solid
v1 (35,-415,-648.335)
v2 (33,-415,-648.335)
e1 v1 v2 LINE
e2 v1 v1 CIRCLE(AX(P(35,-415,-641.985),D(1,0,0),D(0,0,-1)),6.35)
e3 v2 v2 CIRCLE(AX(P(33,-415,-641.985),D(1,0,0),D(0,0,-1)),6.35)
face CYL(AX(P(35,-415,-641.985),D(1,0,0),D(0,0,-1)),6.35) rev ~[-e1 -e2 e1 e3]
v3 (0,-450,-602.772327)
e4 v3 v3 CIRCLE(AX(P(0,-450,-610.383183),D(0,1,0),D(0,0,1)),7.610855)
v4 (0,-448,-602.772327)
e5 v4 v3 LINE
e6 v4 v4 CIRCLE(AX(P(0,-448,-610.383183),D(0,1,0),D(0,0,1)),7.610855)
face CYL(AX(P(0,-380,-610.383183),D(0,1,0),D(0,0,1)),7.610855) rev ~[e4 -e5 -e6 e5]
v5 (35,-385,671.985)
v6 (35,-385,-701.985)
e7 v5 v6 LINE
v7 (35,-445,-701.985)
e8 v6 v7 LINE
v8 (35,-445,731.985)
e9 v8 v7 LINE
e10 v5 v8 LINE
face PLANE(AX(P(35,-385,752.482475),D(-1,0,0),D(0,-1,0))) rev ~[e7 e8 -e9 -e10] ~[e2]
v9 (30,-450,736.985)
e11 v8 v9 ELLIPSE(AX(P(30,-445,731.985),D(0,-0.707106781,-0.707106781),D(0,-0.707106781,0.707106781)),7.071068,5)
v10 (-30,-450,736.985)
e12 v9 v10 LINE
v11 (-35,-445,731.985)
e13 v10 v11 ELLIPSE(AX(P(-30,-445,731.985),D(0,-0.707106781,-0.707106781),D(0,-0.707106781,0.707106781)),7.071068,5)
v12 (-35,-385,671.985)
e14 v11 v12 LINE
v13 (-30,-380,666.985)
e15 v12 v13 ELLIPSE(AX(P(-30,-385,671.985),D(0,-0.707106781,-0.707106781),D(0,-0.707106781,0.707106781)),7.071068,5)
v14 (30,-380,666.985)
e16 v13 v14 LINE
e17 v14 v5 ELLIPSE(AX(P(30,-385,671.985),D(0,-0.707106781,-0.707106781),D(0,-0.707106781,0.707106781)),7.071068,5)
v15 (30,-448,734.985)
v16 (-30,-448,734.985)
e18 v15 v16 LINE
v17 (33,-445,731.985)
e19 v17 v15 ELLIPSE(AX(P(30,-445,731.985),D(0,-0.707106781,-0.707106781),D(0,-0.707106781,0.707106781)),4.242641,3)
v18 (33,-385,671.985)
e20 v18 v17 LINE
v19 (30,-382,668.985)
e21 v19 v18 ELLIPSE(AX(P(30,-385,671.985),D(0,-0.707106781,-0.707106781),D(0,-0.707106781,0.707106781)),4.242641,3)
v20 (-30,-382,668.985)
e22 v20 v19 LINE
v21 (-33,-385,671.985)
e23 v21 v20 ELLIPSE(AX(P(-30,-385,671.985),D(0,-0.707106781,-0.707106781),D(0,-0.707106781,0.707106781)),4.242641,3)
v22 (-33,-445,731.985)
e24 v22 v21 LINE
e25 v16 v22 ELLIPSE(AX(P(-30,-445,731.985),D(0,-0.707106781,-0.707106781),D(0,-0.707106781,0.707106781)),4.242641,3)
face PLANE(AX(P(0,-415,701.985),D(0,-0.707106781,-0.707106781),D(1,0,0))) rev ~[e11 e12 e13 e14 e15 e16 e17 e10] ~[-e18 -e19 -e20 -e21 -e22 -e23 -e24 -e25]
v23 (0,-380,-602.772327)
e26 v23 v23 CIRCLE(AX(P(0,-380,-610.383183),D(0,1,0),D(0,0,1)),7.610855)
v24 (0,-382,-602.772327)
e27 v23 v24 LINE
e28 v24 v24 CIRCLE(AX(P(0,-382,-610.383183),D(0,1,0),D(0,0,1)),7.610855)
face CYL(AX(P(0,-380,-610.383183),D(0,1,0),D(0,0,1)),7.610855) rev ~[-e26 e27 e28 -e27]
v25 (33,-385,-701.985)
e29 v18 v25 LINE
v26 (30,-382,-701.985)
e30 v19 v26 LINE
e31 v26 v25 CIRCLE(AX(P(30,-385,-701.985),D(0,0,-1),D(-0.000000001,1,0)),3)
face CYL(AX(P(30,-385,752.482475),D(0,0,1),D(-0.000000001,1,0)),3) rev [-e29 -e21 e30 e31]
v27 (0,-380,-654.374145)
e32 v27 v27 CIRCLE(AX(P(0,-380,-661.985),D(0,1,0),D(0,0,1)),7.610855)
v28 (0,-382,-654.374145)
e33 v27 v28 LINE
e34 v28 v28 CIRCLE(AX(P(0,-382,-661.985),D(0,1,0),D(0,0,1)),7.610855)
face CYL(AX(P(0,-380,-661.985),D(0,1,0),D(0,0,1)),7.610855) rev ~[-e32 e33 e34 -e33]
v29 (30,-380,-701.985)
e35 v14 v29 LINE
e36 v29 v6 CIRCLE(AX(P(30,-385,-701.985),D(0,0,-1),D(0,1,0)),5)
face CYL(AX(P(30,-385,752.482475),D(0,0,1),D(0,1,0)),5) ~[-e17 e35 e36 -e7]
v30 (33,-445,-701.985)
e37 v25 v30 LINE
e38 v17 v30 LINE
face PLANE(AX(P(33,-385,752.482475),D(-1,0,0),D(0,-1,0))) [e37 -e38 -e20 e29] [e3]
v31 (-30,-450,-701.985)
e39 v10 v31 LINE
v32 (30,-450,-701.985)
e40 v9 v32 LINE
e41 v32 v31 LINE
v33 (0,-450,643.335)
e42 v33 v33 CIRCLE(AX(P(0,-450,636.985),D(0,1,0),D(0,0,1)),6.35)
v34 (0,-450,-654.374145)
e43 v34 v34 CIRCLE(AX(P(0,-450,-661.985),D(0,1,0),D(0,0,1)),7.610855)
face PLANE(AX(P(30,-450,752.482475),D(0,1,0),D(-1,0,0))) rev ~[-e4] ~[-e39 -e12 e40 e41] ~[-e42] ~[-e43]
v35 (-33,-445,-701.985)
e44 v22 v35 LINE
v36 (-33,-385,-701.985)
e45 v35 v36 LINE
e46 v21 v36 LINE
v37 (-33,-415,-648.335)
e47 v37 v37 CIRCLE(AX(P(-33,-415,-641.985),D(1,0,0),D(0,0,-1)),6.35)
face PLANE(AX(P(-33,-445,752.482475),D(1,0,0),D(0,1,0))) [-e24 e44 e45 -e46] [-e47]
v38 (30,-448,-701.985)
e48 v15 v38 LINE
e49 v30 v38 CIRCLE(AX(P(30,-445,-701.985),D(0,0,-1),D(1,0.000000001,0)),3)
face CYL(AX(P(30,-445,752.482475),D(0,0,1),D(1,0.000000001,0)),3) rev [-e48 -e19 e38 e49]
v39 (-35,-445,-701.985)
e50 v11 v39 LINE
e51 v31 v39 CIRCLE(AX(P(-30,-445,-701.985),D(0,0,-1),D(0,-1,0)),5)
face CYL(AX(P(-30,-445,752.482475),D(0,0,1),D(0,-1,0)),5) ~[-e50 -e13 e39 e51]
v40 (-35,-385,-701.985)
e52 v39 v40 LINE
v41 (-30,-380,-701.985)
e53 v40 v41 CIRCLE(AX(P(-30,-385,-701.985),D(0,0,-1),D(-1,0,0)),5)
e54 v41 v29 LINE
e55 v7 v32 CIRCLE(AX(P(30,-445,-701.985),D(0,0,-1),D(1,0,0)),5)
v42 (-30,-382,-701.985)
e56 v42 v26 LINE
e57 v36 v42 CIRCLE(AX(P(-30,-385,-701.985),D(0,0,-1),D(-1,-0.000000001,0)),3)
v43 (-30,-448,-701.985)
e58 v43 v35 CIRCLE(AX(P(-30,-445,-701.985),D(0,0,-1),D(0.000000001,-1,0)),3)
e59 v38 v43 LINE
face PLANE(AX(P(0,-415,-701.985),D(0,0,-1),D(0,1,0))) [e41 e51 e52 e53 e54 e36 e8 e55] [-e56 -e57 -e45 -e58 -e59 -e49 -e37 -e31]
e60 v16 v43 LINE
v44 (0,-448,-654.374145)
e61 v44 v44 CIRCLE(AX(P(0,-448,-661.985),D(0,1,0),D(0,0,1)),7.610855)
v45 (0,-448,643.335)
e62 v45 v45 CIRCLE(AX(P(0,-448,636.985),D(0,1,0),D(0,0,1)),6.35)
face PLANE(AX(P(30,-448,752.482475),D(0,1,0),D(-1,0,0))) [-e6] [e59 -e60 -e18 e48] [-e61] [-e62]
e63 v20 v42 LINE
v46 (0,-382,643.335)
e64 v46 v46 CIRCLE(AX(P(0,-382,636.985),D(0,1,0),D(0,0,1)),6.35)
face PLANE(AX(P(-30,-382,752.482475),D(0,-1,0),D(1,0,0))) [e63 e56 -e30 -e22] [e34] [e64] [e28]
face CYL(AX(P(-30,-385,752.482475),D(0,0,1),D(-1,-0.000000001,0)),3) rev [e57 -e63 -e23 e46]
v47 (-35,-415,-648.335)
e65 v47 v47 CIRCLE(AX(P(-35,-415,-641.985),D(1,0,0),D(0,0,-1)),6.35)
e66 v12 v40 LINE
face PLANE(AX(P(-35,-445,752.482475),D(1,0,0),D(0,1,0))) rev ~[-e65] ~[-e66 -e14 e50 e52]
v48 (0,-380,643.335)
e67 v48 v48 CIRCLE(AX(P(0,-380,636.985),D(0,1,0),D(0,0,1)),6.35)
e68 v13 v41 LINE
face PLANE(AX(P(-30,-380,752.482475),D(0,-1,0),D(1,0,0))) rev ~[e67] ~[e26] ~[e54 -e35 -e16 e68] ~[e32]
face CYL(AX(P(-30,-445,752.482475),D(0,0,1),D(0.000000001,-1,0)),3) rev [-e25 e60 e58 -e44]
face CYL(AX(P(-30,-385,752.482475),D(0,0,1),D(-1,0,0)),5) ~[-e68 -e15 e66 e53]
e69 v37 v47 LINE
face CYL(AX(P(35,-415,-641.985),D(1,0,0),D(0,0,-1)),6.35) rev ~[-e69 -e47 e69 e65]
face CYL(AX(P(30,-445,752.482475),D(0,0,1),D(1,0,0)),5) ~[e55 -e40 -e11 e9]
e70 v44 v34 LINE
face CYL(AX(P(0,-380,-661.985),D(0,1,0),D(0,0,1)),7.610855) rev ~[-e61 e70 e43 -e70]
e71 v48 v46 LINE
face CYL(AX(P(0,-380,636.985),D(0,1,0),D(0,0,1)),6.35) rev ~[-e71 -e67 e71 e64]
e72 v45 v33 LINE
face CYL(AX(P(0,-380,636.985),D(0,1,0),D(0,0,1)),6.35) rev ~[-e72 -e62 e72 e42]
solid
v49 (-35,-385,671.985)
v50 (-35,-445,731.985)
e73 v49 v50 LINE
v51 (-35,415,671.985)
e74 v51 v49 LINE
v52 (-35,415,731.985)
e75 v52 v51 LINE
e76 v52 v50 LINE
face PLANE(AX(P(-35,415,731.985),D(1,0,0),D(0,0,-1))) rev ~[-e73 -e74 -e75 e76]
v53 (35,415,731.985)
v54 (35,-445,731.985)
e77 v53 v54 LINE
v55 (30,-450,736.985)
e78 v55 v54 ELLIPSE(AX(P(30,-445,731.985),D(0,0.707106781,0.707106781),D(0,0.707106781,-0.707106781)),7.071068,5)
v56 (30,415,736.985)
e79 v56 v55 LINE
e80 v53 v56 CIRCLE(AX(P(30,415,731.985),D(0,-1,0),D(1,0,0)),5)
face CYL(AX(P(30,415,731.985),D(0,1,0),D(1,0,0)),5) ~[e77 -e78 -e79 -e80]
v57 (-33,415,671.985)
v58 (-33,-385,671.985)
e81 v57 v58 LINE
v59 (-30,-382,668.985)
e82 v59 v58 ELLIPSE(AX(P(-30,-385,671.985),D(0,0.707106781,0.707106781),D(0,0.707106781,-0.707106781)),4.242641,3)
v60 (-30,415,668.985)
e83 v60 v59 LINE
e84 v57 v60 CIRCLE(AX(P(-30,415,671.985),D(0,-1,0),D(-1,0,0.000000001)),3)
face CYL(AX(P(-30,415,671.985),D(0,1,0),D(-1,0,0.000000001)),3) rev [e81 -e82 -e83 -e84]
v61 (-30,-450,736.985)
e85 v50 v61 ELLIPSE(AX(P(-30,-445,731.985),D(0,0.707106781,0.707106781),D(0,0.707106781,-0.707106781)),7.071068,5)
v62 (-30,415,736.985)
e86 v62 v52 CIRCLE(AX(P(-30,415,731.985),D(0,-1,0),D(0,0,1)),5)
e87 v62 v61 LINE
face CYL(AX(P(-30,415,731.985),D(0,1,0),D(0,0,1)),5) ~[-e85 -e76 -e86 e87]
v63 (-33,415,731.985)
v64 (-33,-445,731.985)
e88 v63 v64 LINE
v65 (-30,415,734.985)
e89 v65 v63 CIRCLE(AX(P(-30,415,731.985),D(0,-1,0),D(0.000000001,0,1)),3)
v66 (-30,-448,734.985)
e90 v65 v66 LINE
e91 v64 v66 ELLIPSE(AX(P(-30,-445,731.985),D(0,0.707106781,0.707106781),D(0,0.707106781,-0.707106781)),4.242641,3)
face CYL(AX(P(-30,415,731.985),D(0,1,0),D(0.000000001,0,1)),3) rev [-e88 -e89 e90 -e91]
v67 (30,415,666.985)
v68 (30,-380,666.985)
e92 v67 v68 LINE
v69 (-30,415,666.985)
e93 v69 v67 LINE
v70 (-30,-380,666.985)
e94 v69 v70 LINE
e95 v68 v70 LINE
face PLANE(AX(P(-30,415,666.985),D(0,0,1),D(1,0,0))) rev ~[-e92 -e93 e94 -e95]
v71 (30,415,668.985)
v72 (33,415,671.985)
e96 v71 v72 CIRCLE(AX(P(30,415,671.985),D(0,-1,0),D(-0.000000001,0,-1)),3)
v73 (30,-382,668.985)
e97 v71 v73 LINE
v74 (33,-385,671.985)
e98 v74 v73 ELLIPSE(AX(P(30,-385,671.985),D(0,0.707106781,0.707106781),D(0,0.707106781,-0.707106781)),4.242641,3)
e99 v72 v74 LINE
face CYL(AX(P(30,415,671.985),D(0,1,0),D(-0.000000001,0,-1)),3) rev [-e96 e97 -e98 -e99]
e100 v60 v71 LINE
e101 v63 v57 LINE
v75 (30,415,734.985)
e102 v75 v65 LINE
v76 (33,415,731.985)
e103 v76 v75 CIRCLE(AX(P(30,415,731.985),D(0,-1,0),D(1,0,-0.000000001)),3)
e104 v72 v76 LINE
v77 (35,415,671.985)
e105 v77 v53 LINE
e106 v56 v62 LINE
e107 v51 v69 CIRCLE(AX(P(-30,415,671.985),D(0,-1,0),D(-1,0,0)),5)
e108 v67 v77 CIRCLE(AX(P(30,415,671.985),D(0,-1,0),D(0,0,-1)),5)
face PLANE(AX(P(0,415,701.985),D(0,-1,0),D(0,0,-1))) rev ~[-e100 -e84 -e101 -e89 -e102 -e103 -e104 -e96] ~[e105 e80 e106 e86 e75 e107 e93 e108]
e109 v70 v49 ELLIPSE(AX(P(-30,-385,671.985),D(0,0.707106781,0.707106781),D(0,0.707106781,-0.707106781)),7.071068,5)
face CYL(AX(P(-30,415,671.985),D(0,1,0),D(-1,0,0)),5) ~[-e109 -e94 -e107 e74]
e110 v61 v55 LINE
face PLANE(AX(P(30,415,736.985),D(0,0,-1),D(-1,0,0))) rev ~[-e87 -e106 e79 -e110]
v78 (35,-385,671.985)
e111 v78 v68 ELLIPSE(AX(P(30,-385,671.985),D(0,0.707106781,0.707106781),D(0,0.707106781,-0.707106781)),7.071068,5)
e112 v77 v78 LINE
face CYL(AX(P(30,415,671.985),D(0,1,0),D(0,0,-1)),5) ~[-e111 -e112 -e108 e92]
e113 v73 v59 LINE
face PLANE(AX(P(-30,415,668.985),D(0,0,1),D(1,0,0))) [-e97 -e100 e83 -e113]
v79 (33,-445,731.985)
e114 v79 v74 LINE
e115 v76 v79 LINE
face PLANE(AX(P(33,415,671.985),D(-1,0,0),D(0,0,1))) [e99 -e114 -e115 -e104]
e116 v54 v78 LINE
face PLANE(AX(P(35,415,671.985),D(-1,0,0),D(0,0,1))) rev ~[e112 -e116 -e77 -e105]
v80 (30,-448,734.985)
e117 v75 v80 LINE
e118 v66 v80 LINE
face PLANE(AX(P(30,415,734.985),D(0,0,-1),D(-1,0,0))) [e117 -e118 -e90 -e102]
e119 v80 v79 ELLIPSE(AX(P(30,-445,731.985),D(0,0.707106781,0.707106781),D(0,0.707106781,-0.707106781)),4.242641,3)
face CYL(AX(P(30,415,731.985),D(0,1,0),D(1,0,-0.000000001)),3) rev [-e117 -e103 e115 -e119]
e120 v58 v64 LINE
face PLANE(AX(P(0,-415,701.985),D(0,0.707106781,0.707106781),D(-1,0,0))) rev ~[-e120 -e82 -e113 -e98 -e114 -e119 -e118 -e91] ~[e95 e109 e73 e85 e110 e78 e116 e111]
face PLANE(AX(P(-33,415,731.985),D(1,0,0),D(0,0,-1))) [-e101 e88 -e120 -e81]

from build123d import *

# Parameters (mm, degrees)
TUBO_CUADRADO_3_X_3_X_0_25_1_DEPTH        = 880.497474683
TUBO_CUADRADO_3_X_3_X_0_25_1_2_DEPTH      = 1403.97
TUBO_CUADRADO_3_X_3_X_0_25_1_2_DEPTH_BACK = 50.497474683
CROQUIS3_R                                = 7.610855116
CROQUIS3_R_2                              = 6.35
CORTAR_EXTRUIR1_DEPTH                     = 1085.618315457
CROQUIS4_R                                = 6.35
CORTAR_EXTRUIR2_DEPTH                     = 867.341093464


with BuildPart() as part:
    # Sketch1 on segment 1 (carried to segment 1) → Tubo cuadrado 3 X 3 X 0.25(1) (new body)
    with BuildSketch(Plane(origin=(0, 415, 701.985), x_dir=(0, 0, -1), z_dir=(0, -1, 0))):
        with BuildLine():
            Line((-30, -35), (30, -35))
            ThreePointArc((30, -35), (33.535533906, -33.535533906), (35, -30))
            Line((35, -30), (35, 30))
            ThreePointArc((35, 30), (33.535533906, 33.535533906), (30, 35))
            Line((30, 35), (-30, 35))
            ThreePointArc((-30, 35), (-33.535533906, 33.535533906), (-35, 30))
            Line((-35, 30), (-35, -30))
            ThreePointArc((-35, -30), (-33.535533906, -33.535533906), (-30, -35))
        make_face()
        with BuildLine():
            Line((-30, -33), (30, -33))
            ThreePointArc((30, -33), (32.121320344, -32.121320344), (33, -30))
            Line((33, -30), (33, 30))
            ThreePointArc((33, 30), (32.121320344, 32.121320344), (30, 33))
            Line((30, 33), (-30, 33))
            ThreePointArc((-30, 33), (-32.121320344, 32.121320344), (-33, 30))
            Line((-33, 30), (-33, -30))
            ThreePointArc((-33, -30), (-32.121320344, -32.121320344), (-30, -33))
        make_face(mode=Mode.SUBTRACT)
    extrude(amount=TUBO_CUADRADO_3_X_3_X_0_25_1_DEPTH)

    # Tubo cuadrado 3 X 3 X 0.25(1) mitre 1
    split(bisect_by=Plane(origin=(0, -415, 701.985), x_dir=(-1, 0, 0), z_dir=(0, 0.707106781, 0.707106781)), keep=Keep.TOP)


with BuildPart() as body_2:
    # Sketch1 → Tubo cuadrado 3 X 3 X 0.25_1 2 (new, two sides: drawn at the far end of the back side and taken through both)
    with BuildSketch(Plane(origin=(0, -415, 701.985), x_dir=(0, 1, 0), z_dir=(0, 0, -1)).offset(-TUBO_CUADRADO_3_X_3_X_0_25_1_2_DEPTH_BACK)):
        with BuildLine():
            Line((-30, -35), (30, -35))
            ThreePointArc((30, -35), (33.535533906, -33.535533906), (35, -30))
            Line((35, -30), (35, 30))
            ThreePointArc((35, 30), (33.535533906, 33.535533906), (30, 35))
            Line((30, 35), (-30, 35))
            ThreePointArc((-30, 35), (-33.535533906, 33.535533906), (-35, 30))
            Line((-35, 30), (-35, -30))
            ThreePointArc((-35, -30), (-33.535533906, -33.535533906), (-30, -35))
        make_face()
        with BuildLine():
            Line((-30, -33), (30, -33))
            ThreePointArc((30, -33), (32.121320344, -32.121320344), (33, -30))
            Line((33, -30), (33, 30))
            ThreePointArc((33, 30), (32.121320344, 32.121320344), (30, 33))
            Line((30, 33), (-30, 33))
            ThreePointArc((-30, 33), (-32.121320344, 32.121320344), (-33, 30))
            Line((-33, 30), (-33, -30))
            ThreePointArc((-33, -30), (-32.121320344, -32.121320344), (-30, -33))
        make_face(mode=Mode.SUBTRACT)
    extrude(amount=TUBO_CUADRADO_3_X_3_X_0_25_1_2_DEPTH + TUBO_CUADRADO_3_X_3_X_0_25_1_2_DEPTH_BACK)

    # Tubo cuadrado 3 X 3 X 0.25_1 2 mitre 1
    split(bisect_by=Plane(origin=(0, -415, 701.985), x_dir=(1, 0, 0), z_dir=(0, -0.707106781, -0.707106781)), keep=Keep.TOP)

    # Croquis3 → Cortar-Extruir1 (cut, through all)
    with BuildSketch(Plane(origin=(0, -380, 0), x_dir=(1, 0, 0), z_dir=(0, 1, 0))):
        with Locations(Location((0, 661.985, 0), (0, 0, 270))):
            Circle(CROQUIS3_R)
        with Locations(Location((0, 610.383182555, 0), (0, 0, 270))):
            Circle(CROQUIS3_R)
        with Locations(Location((0, -636.985, 0), (0, 0, 270))):
            Circle(CROQUIS3_R_2)
    extrude(amount=-CORTAR_EXTRUIR1_DEPTH, mode=Mode.SUBTRACT)

    # Croquis4 → Cortar-Extruir2 (cut, through all)
    with BuildSketch(Plane(origin=(35, 0, 0), x_dir=(0, 0, -1), z_dir=(1, 0, 0))):
        with Locations((641.985, -415)):
            Circle(CROQUIS4_R)
    extrude(amount=-CORTAR_EXTRUIR2_DEPTH, mode=Mode.SUBTRACT)


solid = Compound([part.part, body_2.part])
